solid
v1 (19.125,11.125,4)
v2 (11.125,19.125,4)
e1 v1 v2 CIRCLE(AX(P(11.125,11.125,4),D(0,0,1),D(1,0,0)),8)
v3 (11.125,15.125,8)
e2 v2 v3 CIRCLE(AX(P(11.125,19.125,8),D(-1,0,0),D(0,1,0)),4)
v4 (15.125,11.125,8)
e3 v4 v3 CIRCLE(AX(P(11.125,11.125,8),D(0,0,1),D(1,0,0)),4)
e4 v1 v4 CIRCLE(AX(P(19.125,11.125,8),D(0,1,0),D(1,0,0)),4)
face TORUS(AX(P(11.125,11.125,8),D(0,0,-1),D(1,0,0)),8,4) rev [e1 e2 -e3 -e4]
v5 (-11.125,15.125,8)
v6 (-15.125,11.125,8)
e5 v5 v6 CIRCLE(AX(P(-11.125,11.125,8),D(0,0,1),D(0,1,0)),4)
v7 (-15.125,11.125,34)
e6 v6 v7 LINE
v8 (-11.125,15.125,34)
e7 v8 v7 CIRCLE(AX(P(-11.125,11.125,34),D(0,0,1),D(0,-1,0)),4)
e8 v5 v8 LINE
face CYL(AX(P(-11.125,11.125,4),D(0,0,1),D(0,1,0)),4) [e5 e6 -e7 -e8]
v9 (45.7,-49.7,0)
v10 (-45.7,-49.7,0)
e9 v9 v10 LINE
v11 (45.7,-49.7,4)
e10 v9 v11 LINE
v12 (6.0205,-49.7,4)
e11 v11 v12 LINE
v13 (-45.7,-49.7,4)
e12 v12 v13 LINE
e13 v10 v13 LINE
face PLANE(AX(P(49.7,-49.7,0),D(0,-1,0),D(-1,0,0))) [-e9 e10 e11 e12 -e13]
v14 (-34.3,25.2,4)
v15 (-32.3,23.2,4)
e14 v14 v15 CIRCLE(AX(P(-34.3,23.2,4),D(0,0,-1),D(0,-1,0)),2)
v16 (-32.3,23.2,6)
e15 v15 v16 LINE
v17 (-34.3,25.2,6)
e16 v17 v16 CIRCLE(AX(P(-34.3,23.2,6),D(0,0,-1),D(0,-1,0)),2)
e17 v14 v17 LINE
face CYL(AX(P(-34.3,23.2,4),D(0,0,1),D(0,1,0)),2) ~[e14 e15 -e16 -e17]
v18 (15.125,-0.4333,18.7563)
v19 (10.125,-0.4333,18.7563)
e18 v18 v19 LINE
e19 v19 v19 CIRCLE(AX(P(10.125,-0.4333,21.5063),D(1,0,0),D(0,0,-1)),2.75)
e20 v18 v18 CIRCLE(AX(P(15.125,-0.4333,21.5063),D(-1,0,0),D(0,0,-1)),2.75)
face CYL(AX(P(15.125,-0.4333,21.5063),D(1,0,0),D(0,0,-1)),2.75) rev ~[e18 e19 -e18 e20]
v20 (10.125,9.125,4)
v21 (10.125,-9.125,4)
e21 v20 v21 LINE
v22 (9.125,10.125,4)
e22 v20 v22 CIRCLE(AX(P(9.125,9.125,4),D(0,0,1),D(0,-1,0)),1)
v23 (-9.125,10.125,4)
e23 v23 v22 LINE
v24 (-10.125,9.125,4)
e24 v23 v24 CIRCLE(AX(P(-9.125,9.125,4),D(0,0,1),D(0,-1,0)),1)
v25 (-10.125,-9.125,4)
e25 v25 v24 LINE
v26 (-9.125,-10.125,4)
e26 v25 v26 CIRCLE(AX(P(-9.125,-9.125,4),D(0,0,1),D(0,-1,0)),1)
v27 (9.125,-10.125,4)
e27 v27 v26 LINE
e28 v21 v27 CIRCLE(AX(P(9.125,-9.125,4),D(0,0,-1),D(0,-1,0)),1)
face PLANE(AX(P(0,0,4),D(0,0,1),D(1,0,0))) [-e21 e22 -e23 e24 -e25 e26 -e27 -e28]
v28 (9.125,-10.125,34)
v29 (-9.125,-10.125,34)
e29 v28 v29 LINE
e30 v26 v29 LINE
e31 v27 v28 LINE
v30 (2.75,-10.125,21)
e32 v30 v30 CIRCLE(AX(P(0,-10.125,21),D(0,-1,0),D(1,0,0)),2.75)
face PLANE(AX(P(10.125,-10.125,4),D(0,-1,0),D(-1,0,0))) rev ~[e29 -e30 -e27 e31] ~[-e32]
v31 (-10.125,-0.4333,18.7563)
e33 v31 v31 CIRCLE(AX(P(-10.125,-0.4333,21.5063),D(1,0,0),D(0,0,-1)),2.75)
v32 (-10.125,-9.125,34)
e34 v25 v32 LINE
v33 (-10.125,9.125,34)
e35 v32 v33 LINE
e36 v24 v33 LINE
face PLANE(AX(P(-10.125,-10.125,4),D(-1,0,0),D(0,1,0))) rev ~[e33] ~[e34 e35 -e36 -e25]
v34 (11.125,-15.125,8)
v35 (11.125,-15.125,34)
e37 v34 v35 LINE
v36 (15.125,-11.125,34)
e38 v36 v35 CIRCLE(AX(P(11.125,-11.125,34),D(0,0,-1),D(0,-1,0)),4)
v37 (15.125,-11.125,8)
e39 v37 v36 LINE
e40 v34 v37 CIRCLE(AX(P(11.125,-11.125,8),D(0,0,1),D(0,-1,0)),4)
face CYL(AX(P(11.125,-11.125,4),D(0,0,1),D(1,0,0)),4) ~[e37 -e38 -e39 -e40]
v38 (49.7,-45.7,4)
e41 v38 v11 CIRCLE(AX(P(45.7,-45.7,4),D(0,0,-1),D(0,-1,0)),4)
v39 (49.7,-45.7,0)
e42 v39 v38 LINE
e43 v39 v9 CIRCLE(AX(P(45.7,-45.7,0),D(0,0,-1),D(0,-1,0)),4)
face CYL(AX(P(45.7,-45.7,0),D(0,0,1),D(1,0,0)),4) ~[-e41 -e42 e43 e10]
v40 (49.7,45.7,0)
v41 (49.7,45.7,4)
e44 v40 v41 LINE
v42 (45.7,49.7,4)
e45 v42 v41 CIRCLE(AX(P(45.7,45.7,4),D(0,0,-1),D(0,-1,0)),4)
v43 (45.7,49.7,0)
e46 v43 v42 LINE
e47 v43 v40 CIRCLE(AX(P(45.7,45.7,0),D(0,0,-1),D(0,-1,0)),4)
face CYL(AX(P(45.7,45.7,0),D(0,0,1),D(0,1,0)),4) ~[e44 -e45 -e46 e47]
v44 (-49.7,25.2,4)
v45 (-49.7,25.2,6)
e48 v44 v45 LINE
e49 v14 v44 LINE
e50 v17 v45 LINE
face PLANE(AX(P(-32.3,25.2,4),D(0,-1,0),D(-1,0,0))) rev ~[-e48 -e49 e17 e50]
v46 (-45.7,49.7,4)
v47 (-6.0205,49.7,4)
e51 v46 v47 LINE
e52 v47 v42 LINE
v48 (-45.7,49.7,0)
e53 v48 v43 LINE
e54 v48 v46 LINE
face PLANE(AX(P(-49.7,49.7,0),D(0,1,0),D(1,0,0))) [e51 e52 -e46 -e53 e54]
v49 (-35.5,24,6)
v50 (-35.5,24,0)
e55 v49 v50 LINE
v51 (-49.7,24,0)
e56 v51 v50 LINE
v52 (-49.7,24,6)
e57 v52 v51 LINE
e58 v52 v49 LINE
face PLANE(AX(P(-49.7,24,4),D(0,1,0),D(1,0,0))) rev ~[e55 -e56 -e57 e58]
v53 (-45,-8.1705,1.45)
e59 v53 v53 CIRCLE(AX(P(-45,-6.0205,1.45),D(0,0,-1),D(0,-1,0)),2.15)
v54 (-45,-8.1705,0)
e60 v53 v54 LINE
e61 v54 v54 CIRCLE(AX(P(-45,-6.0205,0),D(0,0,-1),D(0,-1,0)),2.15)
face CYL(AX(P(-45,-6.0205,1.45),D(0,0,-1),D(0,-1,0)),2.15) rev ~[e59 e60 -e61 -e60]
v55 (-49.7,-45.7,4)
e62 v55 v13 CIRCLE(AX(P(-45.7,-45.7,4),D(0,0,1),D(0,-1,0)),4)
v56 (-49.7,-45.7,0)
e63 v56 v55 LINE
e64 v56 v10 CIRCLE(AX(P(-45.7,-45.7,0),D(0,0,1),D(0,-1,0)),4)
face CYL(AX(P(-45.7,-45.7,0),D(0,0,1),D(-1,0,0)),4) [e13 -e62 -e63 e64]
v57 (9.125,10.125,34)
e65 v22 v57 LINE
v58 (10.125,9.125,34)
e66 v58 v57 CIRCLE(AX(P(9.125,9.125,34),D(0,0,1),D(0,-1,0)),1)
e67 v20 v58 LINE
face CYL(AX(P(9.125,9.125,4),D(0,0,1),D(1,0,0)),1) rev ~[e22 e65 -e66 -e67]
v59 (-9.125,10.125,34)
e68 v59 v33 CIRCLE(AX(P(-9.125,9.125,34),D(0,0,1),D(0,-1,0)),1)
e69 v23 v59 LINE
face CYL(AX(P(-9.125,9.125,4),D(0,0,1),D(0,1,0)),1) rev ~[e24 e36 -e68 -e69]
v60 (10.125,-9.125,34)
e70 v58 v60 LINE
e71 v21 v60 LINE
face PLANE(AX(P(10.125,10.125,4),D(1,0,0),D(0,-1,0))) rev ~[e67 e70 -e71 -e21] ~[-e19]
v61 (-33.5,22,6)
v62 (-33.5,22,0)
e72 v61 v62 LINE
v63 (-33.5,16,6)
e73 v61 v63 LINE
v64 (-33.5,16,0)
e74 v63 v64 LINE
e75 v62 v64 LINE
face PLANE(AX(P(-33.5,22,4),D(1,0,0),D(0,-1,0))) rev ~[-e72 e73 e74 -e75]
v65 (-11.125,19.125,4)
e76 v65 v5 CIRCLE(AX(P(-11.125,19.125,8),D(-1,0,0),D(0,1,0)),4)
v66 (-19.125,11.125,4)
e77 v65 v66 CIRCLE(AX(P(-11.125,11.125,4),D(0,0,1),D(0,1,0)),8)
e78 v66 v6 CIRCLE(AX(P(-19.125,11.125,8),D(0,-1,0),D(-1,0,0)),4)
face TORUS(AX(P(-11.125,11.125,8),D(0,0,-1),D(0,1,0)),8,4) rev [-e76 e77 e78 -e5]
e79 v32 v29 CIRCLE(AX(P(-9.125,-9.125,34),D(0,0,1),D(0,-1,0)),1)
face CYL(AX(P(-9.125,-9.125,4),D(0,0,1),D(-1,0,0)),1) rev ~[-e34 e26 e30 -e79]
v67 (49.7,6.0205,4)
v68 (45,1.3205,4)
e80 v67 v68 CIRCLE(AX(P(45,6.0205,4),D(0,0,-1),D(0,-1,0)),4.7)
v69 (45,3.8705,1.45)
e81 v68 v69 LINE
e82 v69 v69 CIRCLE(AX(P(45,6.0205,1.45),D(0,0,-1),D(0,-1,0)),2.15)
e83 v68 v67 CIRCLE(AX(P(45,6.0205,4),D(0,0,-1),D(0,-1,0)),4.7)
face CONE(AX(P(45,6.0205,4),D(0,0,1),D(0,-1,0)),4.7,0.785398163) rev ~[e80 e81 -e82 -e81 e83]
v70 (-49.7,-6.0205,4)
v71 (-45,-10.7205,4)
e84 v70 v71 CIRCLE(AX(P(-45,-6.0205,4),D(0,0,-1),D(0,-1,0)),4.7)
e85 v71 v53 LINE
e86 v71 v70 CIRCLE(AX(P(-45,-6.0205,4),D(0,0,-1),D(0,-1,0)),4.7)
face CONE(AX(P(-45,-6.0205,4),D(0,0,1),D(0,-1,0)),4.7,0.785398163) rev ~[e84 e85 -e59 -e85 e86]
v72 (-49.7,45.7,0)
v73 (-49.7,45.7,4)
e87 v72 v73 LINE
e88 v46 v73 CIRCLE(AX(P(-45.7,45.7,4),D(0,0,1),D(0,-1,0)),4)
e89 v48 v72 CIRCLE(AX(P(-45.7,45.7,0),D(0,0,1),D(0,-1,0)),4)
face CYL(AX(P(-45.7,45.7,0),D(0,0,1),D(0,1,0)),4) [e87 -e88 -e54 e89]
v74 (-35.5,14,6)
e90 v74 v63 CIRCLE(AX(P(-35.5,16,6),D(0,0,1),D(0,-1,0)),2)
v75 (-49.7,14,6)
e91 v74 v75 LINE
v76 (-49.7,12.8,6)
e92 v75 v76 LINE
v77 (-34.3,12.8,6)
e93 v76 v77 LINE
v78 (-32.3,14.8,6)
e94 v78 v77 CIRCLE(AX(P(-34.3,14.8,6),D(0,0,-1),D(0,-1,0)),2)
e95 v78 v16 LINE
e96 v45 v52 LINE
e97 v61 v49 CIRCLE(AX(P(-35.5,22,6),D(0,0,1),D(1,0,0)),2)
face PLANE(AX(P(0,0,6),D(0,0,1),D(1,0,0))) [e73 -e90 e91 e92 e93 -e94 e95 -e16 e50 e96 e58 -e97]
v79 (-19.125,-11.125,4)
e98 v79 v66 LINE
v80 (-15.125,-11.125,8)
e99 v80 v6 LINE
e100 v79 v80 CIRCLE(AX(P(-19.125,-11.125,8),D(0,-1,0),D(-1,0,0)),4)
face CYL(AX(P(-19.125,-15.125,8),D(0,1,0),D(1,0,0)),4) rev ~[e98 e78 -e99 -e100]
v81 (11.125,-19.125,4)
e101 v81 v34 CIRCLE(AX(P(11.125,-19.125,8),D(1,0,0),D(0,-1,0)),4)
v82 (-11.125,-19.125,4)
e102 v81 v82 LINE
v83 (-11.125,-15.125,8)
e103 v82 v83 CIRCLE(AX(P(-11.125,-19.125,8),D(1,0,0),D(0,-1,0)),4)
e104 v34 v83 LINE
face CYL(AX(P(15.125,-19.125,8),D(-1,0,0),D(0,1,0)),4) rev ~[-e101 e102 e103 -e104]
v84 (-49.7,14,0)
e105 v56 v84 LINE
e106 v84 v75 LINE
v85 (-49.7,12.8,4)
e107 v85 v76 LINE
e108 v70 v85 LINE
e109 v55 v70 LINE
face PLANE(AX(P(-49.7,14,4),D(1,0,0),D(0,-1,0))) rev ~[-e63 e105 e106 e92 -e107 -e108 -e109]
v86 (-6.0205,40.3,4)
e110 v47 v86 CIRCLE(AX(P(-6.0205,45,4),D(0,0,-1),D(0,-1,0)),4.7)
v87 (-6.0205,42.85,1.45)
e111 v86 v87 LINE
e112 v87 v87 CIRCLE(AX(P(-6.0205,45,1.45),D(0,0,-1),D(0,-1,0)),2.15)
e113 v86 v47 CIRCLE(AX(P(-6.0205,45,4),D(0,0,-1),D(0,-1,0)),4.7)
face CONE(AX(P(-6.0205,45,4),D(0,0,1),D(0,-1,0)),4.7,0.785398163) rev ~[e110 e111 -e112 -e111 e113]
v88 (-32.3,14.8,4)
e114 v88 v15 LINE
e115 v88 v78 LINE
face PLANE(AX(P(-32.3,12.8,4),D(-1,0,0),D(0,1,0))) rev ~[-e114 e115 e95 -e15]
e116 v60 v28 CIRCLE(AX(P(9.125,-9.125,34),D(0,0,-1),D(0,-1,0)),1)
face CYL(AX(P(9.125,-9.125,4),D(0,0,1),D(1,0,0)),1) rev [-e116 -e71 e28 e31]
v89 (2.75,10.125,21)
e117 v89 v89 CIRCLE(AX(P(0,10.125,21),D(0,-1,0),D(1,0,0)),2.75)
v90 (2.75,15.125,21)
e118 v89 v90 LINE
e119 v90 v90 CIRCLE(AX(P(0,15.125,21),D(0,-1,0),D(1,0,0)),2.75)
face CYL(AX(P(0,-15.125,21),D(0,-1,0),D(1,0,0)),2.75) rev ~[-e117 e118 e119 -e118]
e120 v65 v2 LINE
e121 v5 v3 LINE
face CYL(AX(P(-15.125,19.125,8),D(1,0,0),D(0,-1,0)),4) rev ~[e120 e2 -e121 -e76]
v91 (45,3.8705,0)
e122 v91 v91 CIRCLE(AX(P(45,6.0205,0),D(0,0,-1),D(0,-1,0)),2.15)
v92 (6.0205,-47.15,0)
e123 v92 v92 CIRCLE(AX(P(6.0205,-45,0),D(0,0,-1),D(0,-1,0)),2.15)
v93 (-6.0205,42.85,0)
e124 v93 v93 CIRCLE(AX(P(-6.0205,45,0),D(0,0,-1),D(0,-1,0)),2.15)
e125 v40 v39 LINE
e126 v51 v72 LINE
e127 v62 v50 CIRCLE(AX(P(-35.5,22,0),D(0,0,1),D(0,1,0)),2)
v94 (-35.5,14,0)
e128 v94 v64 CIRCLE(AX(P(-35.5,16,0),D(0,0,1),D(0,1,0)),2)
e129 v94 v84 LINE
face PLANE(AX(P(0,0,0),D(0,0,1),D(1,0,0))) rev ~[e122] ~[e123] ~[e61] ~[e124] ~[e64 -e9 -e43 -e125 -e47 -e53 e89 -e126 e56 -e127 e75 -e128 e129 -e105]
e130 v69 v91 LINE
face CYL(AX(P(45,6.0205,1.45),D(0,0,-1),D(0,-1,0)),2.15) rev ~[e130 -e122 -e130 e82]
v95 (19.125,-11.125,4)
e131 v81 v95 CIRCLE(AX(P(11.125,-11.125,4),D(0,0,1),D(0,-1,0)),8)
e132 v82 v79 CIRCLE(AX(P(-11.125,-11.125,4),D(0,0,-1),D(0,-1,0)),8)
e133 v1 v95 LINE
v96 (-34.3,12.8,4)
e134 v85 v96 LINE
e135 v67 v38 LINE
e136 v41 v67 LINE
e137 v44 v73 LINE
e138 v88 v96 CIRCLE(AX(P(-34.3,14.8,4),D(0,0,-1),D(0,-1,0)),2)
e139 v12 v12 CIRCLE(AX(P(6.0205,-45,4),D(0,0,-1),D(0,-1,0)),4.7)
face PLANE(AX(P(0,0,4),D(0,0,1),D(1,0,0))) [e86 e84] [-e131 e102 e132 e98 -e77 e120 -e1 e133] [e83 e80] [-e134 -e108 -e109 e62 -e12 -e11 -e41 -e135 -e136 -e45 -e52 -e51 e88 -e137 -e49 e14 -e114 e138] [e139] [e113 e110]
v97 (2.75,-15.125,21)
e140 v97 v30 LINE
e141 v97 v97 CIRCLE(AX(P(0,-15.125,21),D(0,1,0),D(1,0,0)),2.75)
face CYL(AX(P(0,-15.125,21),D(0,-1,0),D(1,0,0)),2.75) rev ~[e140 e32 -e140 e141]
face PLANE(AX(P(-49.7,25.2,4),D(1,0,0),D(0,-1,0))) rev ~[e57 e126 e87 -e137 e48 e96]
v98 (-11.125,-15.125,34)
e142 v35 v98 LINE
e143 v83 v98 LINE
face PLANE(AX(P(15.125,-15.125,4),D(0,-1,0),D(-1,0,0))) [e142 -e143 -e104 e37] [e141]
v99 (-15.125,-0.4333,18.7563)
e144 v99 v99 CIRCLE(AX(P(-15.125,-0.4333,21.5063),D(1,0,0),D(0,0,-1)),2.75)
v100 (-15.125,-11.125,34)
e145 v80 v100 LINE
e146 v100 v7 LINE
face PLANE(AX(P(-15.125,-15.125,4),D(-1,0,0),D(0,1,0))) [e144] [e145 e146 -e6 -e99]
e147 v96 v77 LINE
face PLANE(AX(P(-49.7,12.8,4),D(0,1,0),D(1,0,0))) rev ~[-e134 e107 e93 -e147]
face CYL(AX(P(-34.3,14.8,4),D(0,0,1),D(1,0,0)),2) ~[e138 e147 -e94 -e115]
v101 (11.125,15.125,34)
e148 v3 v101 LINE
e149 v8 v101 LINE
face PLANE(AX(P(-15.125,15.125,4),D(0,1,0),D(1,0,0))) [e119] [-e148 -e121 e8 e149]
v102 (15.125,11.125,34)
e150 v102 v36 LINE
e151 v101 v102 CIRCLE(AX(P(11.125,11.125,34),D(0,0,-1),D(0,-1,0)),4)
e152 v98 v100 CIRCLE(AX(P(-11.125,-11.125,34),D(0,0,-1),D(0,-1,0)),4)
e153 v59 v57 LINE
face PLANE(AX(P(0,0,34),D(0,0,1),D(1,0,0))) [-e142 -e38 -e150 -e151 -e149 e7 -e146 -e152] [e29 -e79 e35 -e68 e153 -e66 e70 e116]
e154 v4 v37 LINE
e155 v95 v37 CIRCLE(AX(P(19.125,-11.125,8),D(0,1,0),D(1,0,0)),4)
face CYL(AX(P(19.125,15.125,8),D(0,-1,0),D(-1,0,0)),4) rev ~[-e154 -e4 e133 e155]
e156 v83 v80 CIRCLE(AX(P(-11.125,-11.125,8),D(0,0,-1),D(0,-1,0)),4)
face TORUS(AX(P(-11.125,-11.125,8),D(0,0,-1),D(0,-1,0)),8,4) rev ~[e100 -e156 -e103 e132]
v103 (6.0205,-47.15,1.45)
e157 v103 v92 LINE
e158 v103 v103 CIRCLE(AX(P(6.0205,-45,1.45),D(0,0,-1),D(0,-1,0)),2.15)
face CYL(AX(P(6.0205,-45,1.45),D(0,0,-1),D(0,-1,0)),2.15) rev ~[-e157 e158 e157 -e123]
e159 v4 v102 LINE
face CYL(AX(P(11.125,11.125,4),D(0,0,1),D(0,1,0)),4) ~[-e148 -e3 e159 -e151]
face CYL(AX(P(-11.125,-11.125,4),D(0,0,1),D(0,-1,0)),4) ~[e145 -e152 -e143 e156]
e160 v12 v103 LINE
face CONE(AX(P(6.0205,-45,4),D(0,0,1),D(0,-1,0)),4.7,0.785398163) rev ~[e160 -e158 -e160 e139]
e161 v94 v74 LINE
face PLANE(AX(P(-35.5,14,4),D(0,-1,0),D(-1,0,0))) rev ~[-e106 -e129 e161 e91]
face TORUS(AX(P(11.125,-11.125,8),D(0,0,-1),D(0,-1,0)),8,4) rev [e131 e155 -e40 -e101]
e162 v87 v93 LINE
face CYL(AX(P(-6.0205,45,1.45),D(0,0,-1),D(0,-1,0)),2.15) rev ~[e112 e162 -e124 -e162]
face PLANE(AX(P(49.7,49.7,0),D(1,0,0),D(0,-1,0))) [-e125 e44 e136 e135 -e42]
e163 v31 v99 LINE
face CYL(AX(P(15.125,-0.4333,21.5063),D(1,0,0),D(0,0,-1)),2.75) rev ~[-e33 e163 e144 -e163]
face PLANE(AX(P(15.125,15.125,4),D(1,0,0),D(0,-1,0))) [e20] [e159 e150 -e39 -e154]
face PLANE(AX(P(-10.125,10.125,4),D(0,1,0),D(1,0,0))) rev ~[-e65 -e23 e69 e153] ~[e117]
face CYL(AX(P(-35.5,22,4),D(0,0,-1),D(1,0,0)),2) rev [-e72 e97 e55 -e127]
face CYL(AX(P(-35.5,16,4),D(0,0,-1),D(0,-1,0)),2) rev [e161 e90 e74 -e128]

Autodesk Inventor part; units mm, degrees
ref_plane "YZ Plane" through (0, 0, 0) normal (1, 0, 0) x (0, 1, 0)
ref_plane "XZ Plane" through (0, 0, 0) normal (0, 1, 0) x (-1, 0, 0)
ref_plane "XY Plane" through (0, 0, 0) normal (0, 0, 1) x (1, 0, 0)
sketch "Sketch1" plane through (0, 0, 0) normal (0, 0, 1) x (1, 0, 0)
  line L0 (-49.7, 49.7) -> (49.7, 49.7)
  line L1 (49.7, 49.7) -> (49.7, -49.7)
  line L2 (49.7, -49.7) -> (-49.7, -49.7)
  line L3 (-49.7, -49.7) -> (-49.7, 49.7)
  line L4 (-49.7, 49.7) -> (49.7, -49.7) construction
  line L5 (49.7, 49.7) -> (-49.7, -49.7) construction
  line L6 (44, -44) -> (-44, -44)
  line L7 (-44, -44) -> (-44, 44)
  line L8 (-44, 44) -> (44, 44)
  line L9 (44, 44) -> (44, -44)
  line L10 (44, -44) -> (-44, 44) construction
  line L11 (-44, -44) -> (44, 44) construction
  circle A0 centre (-44, 44) radius 1.75
  circle A1 centre (44, 44) radius 1.75
  circle A2 centre (-44, -44) radius 1.75
  circle A3 centre (44, -44) radius 1.75
  point P0 (0, 0)
  dimension "d0" = 99.4
  dimension "d1" = 99.4
  dimension "d2" = 88
  dimension "d3" = 88
  dimension "d4" = 3.5
  dimension "d5" = 3.5
  dimension "d6" = 3.5
  dimension "d7" = 3.5
extrude "Extrusion1" add sketch "Sketch1" along normal blind 4 contours L0 L1 L2 L3 | A2 L7 L6 | A2 L7 A0 L8 A1 L9 A3 L6 | L6 L7 A2 | A3 L9 L6 | L6 L9 A3 | A0 L8 L7 | L7 L8 A0 | A1 L8 L9 | L9 L8 A1
fillet "Fillet1" radius 4 4 edges at (-49.7, -49.7, 2) (49.7, -49.7, 2) (-49.7, 49.7, 2) (49.7, 49.7, 2)
sketch "Sketch2" plane through (0, 0, 4) normal (0, 0, 1) x (1, 0, 0)
  line L0 (10.125, -10.125) -> (-10.125, -10.125)
  line L1 (-10.125, -10.125) -> (-10.125, 10.125)
  line L2 (-10.125, 10.125) -> (10.125, 10.125)
  line L3 (10.125, 10.125) -> (10.125, -10.125)
  line L4 (10.125, -10.125) -> (-10.125, 10.125) construction
  line L5 (-10.125, -10.125) -> (10.125, 10.125) construction
  line L6 (-15.125, 15.125) -> (15.125, 15.125)
  line L7 (15.125, 15.125) -> (15.125, -15.125)
  line L8 (15.125, -15.125) -> (-15.125, -15.125)
  line L9 (-15.125, -15.125) -> (-15.125, 15.125)
  line L10 (-15.125, 15.125) -> (15.125, -15.125) construction
  line L11 (15.125, 15.125) -> (-15.125, -15.125) construction
  point P0 (0, 0)
  point P1 (0, -15.125)
  dimension "d15" = 20.25
  dimension "d16" = 20.25
  dimension "d17" = 5
extrude "Extrusion2" add sketch "Sketch2" along normal blind 30
fillet "Fillet3" radius 1 4 edges at (-10.125, -10.125, 19) (10.125, -10.125, 19) (10.125, 10.125, 19) (-10.125, 10.125, 19)
fillet "Fillet4" radius 4 8 edges at (15.125, -15.125, 19) (15.125, 15.125, 19) (-15.125, 15.125, 19) (-15.125, -15.125, 19) (0, -15.125, 4) (15.125, 0, 4) (0, 15.125, 4) (-15.125, 0, 4)
sketch "Sketch3" plane through (15.125, -11.125, 34) normal (1, 0, 0) x (0, 0, -1)
  line L0 (30, 22.25) -> (26, 22.25) projected
  line L1 (0, 0) -> (26, 22.25)
  circle A0 centre (12.4937, 10.6917) radius 2.75
  point P0 (34, 11.125)
  dimension "d22" = 5.5
extrude "Extrusion3" cut sketch "Sketch3" against normal through all
sketch "Sketch4" plane through (-11.125, -15.125, 8) normal (0, -1, 0) x (1, 0, 0)
  line L0 (-4, 26) -> (0, 26) projected
  line L1 (0, 0) -> (22.25, 0) projected
  line L2 (0, 26) -> (22.25, 0)
  circle A0 centre (11.125, 13) radius 2.75
  point P0 (11.125, -8)
  point P1 (9.337, 15.0894)
  point P2 (12.913, 10.9106)
  dimension "d25" = 5.5
extrude "Extrusion4" cut sketch "Sketch4" against normal through all
sketch "Sketch5" plane through (0, 0, 4) normal (0, 0, 1) x (1, 0, 0)
  line L0 (-43.5, 24) -> (-33.5, 24)
  line L1 (-33.5, 24) -> (-33.5, 14)
  line L2 (-33.5, 14) -> (-43.5, 14)
  line L3 (-43.5, 14) -> (-43.5, 24)
  line L4 (-48.7, 44.7) -> (-48.7, -44.7) projected
  line L5 (44.7, 48.7) -> (-44.7, 48.7) projected
  line L6 (-49.7, 45.7) -> (-49.7, -45.7) projected
  point P0 (0, 0)
  point P1 (-49.3, 43.8338)
  point P2 (-49.3, -43.8338)
  point P3 (43.8338, 49.3)
  point P4 (-43.8338, 49.3)
  dimension "d31" = 10
  dimension "d32" = 10
  dimension "d33" = 24.7
  dimension "d57" = 6.2
extrude "Extrusion5" cut sketch "Sketch5" against normal blind 10
fillet "Fillet5" radius 2 4 edges at (-43.5, 24, 2) (-33.5, 24, 2) (-33.5, 14, 2) (-43.5, 14, 2)
sketch "Sketch6" plane through (0, 0, 4) normal (0, 0, 1) x (1, 0, 0)
  line L0 (-41.5, 14) -> (-35.5, 14) projected
  line L1 (-41.5, 14) -> (-49.7, 14)
  line L2 (-49.7, 14) -> (-49.7, 24)
  line L3 (-49.7, 24) -> (-41.5, 24)
  line L4 (-41.5, 24) -> (-41.5, 14)
  line L5 (-49.7, 45.7) -> (-49.7, -45.7) projected
  point P0 (0, 0)
  point P1 (-35.5, 24)
  point P2 (-49.3, 43.8338)
  point P3 (-49.3, -43.8338)
extrude "Extrusion6" cut sketch "Sketch6" against normal blind 10
sketch "Sketch7" plane through (0, 0, 4) normal (0, 0, 1) x (1, 0, 0)
  arc A0 (11.125, -19.125) -> (19.125, -11.125) centre (11.125, -11.125) ccw projected
  line L0 (-11.125, -19.125) -> (11.125, -19.125) projected
  arc A1 (-19.125, -11.125) -> (-11.125, -19.125) centre (-11.125, -11.125) ccw projected
  line L1 (-19.125, 11.125) -> (-19.125, -11.125) projected
  arc A2 (-11.125, 19.125) -> (-19.125, 11.125) centre (-11.125, 11.125) ccw projected
  line L2 (11.125, 19.125) -> (-11.125, 19.125) projected
  arc A3 (19.125, 11.125) -> (11.125, 19.125) centre (11.125, 11.125) ccw projected
  line L3 (19.125, -11.125) -> (19.125, 11.125) projected
  line L4 (-35.5, 14) -> (-49.7, 14) projected
  line L5 (-49.7, 14) -> (-49.7, -45.7) projected
  arc A4 (-49.7, -45.7) -> (-45.7, -49.7) centre (-45.7, -45.7) ccw projected
  line L6 (-45.7, -49.7) -> (45.7, -49.7) projected
  arc A5 (45.7, -49.7) -> (49.7, -45.7) centre (45.7, -45.7) ccw projected
  line L7 (49.7, -45.7) -> (49.7, 45.7) projected
  arc A6 (49.7, 45.7) -> (45.7, 49.7) centre (45.7, 45.7) ccw projected
  line L8 (45.7, 49.7) -> (-45.7, 49.7) projected
  arc A7 (-45.7, 49.7) -> (-49.7, 45.7) centre (-45.7, 45.7) ccw projected
  line L9 (-49.7, 24) -> (-35.5, 24) projected
  arc A8 (-33.5, 22) -> (-35.5, 24) centre (-35.5, 22) ccw projected
  line L10 (-33.5, 22) -> (-33.5, 16) projected
  arc A9 (-35.5, 14) -> (-33.5, 16) centre (-35.5, 16) ccw projected
  line L11 (-49.7, 12.8) -> (-32.3, 12.8)
  line L12 (-32.3, 12.8) -> (-32.3, 25.2)
  line L13 (-32.3, 25.2) -> (-49.7, 25.2)
  line L14 (-49.7, 25.2) -> (-49.7, 12.8)
  line L15 (-49.7, 45.7) -> (-49.7, 24) projected
  point P0 (0, 0)
  point P1 (-42.6, 24)
  dimension "d40" = 1.2
  dimension "d41" = 1.2
  dimension "d42" = 1.2
extrude "Extrusion7" add sketch "Sketch7" along normal blind 2 contours A9 L10 A8 L9 L14 L13 L12 L11 L5 L4
fillet "Fillet8" radius 2 2 edges at (-32.3, 25.2, 5) (-32.3, 12.8, 5)
sketch "Sketch8" plane through (0, 0, 4) normal (0, 0, 1) x (1, 0, 0)
  line L0 (45, 6.0205) -> (-45, 6.0205)
  line L1 (-45, 6.0205) -> (-45, -6.0205)
  line L2 (-45, -6.0205) -> (45, -6.0205)
  line L3 (45, -6.0205) -> (45, 6.0205)
  line L4 (45, 6.0205) -> (-45, -6.0205) construction
  line L5 (-45, 6.0205) -> (45, -6.0205) construction
  line L6 (6.0205, -45) -> (-6.0205, -45)
  line L7 (-6.0205, -45) -> (-6.0205, 45)
  line L8 (-6.0205, 45) -> (6.0205, 45)
  line L9 (6.0205, 45) -> (6.0205, -45)
  line L10 (6.0205, -45) -> (-6.0205, 45) construction
  line L11 (-6.0205, -45) -> (6.0205, 45) construction
  point P0 (0, 0)
  dimension "d46" = 90
  dimension "d47" = 12.041
  dimension "d48" = 12.041
  dimension "d49" = 90
hole "Hole1" at (-45, -6.0205, 4) at (45, 6.0205, 4) at (6.0205, -45, 4) at (-6.0205, 45, 4) direction (0, 0, -1) diameter 4.3 end through all countersink diameter 9.4 countersink angle 90 clearance for "Countersunk Flat Head Screw DIN EN ISO 2009" size "M4" standard "DIN"
properties part number "Lid"
